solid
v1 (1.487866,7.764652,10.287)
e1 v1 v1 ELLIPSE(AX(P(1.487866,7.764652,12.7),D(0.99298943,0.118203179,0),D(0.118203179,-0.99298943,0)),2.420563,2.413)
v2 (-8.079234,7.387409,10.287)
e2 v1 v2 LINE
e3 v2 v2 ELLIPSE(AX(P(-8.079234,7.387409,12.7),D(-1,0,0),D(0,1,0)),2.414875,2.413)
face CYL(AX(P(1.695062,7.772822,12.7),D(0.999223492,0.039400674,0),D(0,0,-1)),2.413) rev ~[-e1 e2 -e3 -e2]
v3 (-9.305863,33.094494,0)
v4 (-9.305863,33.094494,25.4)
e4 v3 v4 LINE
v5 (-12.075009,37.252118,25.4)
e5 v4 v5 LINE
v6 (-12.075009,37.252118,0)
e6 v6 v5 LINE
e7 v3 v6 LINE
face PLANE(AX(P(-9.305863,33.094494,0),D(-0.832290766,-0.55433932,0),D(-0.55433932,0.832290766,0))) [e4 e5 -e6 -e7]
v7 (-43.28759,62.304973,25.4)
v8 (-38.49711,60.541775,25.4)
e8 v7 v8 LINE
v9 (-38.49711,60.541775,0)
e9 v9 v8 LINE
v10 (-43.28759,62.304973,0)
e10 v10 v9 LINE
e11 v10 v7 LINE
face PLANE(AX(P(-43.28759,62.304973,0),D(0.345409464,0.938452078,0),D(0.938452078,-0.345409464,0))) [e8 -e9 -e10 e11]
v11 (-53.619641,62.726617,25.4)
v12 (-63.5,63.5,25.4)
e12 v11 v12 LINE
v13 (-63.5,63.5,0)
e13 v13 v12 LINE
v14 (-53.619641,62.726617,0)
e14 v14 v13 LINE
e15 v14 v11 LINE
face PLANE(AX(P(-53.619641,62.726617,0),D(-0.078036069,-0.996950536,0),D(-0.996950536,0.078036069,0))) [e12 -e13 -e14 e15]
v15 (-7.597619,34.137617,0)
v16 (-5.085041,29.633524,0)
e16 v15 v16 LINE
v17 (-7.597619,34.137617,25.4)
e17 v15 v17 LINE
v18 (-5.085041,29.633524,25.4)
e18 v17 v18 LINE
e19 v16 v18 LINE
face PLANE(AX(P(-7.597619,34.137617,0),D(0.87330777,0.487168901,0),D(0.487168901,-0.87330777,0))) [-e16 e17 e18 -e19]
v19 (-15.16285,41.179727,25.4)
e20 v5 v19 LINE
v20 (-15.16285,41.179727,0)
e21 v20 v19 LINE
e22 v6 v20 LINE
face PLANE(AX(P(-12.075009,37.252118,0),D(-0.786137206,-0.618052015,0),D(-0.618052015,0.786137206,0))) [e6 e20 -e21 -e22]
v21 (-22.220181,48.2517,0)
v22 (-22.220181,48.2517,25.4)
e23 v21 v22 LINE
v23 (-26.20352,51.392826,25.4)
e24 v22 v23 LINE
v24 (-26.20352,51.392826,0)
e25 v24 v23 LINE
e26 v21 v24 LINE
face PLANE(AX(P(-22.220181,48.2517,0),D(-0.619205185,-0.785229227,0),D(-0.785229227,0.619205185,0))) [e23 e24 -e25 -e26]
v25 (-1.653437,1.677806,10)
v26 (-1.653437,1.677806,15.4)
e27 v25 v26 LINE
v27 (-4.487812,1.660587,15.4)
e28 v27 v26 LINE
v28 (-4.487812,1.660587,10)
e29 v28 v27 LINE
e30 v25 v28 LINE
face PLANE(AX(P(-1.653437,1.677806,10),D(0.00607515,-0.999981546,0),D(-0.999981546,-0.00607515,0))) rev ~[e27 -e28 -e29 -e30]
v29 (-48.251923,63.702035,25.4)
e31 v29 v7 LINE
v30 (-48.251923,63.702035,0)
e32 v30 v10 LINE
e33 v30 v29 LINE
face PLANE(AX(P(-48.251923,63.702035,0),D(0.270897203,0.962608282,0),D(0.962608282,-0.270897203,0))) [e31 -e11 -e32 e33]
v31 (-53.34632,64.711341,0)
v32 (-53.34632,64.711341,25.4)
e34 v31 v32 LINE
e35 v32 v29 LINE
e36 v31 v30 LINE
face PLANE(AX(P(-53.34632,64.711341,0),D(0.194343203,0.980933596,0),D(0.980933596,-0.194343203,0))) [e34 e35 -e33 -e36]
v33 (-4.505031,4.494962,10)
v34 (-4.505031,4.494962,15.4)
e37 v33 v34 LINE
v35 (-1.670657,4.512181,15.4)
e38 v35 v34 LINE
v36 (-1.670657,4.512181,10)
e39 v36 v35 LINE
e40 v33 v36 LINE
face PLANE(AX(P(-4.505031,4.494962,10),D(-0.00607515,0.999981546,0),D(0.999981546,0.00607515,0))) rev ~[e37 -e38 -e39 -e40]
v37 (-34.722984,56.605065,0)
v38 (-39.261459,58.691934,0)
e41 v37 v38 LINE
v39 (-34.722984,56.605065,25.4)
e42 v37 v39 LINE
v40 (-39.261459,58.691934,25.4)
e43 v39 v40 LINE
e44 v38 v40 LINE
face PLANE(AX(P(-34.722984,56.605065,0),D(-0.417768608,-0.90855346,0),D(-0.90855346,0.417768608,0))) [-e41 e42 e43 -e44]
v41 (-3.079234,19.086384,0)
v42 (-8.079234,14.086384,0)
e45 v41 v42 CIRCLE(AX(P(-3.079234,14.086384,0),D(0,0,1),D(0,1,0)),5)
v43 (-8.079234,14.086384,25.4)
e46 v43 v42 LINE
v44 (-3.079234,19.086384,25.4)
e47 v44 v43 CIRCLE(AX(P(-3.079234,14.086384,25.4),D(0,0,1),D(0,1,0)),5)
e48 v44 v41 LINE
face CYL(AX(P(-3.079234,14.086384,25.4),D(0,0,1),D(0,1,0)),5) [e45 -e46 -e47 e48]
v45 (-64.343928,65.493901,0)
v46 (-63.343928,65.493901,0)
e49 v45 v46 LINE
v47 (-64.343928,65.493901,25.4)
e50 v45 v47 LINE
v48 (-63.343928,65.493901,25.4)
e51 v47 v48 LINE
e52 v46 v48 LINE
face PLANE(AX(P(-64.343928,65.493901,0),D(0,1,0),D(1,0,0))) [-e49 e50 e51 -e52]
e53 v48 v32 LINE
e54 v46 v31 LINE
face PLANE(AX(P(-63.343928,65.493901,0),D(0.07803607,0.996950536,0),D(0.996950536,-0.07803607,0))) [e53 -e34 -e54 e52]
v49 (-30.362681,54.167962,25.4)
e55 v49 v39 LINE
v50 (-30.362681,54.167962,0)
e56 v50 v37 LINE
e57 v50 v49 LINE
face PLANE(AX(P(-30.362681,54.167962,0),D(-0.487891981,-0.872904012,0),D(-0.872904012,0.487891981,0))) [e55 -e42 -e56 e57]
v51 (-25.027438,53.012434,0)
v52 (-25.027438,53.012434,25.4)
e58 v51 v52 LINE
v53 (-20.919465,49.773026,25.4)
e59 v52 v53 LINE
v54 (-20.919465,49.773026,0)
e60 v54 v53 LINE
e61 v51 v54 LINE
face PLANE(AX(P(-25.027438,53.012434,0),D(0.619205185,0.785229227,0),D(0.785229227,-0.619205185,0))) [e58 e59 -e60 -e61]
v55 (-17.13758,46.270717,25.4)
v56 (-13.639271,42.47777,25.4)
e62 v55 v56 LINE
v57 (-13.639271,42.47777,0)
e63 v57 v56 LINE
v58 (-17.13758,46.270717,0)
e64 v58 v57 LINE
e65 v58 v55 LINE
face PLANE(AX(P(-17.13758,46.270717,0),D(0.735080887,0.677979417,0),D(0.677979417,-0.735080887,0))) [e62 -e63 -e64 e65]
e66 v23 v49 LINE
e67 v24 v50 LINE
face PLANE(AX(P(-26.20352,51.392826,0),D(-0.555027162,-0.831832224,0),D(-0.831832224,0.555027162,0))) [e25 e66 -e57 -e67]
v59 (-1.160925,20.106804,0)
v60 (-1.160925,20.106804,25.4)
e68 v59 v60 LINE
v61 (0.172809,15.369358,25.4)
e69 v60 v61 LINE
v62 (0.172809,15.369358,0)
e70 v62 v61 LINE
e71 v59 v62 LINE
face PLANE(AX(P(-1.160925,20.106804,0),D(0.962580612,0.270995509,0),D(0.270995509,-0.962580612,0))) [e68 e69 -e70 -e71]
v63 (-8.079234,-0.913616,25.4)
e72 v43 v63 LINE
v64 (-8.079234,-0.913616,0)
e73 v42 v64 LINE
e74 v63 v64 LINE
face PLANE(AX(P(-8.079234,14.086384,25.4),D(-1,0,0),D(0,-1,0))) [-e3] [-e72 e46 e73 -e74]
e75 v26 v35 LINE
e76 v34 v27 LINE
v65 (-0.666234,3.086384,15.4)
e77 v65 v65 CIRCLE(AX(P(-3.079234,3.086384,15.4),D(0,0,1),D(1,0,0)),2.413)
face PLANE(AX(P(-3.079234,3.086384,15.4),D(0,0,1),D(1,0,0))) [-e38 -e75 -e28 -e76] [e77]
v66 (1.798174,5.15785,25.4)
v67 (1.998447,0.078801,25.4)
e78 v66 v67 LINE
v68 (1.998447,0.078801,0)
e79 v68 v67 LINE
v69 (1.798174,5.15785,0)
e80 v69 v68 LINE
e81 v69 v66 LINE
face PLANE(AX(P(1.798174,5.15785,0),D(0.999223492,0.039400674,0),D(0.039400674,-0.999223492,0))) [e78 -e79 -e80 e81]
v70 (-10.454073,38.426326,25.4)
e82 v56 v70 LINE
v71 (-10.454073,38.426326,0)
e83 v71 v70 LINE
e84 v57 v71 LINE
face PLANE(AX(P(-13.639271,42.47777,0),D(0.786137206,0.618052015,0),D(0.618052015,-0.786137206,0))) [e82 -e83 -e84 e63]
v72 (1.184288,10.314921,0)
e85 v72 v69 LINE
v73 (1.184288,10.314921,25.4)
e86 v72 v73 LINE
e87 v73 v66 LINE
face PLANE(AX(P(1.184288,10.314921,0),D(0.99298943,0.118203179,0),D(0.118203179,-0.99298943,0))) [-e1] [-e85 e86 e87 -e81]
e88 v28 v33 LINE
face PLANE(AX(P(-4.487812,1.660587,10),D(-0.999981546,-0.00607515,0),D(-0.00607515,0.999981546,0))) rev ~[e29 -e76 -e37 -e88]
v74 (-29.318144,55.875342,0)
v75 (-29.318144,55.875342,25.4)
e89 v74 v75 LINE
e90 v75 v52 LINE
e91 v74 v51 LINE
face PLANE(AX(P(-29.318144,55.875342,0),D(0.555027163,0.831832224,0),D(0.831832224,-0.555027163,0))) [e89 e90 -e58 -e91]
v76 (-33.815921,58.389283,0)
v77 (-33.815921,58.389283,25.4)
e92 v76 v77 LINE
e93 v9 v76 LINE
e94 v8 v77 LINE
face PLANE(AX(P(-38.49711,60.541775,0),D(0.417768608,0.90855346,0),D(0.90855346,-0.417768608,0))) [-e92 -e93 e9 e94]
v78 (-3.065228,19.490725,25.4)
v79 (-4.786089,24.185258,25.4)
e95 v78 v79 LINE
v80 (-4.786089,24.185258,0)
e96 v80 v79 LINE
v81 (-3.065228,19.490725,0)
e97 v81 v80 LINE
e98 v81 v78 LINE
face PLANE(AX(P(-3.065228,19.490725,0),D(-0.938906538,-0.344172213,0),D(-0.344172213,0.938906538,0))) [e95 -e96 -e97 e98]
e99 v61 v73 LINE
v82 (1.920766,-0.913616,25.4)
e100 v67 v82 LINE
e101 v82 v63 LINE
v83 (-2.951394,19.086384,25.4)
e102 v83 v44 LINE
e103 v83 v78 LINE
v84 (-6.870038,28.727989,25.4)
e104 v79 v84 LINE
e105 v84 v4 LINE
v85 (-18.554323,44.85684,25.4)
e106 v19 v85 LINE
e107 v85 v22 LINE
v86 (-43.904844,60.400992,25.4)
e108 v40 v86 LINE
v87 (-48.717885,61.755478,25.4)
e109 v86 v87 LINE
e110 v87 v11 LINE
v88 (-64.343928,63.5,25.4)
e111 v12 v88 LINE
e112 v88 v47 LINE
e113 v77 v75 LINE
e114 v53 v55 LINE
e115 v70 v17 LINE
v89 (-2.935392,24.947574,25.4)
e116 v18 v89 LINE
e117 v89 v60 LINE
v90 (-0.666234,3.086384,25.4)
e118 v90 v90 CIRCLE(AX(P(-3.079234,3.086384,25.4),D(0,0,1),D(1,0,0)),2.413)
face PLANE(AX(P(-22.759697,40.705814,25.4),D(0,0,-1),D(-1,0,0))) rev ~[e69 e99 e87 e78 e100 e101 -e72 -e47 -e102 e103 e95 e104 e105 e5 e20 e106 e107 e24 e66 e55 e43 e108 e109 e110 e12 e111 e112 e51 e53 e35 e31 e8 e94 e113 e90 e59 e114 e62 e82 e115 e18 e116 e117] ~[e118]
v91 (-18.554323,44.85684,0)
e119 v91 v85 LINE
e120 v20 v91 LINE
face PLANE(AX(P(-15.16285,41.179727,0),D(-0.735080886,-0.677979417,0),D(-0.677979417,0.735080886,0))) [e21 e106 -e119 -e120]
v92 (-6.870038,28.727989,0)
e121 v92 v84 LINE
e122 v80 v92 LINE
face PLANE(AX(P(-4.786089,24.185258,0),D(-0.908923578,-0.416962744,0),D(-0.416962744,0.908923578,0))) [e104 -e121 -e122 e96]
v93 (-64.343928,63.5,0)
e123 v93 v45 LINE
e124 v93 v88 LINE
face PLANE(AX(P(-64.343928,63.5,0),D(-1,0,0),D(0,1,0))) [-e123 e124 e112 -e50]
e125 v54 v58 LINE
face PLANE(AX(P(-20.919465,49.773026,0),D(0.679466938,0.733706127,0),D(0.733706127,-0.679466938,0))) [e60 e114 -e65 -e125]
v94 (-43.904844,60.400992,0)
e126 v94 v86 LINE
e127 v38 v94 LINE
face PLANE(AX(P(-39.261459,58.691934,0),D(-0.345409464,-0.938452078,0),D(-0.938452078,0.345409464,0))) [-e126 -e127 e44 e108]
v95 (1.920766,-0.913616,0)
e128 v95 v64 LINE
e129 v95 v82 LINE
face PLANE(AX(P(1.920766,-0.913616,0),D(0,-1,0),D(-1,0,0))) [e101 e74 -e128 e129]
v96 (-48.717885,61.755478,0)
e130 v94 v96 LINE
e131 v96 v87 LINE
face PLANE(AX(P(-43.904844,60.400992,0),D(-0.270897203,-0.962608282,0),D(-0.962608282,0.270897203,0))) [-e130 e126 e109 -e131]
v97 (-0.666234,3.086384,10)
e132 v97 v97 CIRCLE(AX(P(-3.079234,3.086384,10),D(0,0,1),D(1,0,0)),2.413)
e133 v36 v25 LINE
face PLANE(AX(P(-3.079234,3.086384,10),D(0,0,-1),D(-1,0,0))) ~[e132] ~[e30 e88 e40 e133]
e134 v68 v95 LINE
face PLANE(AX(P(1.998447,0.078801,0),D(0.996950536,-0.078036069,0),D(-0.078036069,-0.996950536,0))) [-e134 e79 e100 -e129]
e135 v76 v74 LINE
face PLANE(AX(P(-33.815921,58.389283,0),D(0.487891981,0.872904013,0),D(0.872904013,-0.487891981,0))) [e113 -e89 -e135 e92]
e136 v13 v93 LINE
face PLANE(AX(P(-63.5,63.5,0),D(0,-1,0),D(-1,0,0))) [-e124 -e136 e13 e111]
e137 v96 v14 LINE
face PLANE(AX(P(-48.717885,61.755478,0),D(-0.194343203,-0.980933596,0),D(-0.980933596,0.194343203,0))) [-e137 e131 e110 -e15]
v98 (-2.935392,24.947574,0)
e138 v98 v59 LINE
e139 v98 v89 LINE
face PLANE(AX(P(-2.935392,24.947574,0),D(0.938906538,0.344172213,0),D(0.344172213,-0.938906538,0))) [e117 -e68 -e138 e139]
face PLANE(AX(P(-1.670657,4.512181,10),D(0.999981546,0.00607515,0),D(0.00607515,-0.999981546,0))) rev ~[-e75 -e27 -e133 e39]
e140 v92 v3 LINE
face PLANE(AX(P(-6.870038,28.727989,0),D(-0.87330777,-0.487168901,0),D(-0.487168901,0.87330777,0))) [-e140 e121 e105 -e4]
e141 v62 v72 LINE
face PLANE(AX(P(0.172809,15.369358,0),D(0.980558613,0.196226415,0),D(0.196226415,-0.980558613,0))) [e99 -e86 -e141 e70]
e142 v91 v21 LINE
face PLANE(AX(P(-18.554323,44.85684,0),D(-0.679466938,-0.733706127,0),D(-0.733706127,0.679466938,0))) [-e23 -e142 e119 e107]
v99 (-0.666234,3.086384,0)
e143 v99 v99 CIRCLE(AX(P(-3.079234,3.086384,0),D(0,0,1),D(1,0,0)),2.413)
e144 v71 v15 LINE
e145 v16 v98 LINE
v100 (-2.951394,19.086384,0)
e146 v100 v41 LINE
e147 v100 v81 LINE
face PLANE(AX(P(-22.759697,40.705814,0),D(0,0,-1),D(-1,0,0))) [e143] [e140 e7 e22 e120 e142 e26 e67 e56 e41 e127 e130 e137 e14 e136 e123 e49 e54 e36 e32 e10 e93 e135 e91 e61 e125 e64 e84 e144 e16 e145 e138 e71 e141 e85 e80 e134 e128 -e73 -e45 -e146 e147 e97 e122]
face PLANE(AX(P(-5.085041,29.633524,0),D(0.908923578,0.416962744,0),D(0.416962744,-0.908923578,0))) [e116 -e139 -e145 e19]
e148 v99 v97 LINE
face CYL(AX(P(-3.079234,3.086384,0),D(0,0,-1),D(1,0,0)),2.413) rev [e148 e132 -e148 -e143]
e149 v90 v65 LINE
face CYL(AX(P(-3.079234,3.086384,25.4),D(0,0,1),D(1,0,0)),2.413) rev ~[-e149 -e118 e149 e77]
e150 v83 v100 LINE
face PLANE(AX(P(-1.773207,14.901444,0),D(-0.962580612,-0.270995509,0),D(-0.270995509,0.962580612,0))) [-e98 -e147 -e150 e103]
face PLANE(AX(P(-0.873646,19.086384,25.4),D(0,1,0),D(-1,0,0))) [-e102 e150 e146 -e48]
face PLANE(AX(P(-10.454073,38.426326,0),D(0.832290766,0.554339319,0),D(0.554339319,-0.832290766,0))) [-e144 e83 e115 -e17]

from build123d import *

# Parameters (mm, degrees)
BOSS_EXTRUDE1_DEPTH = 25.4
BOSS_EXTRUDE4_DEPTH = 25.4
SKETCH11_R          = 2.413
CUT_EXTRUDE5_DEPTH  = 10
SKETCH12_R          = 2.413
CUT_EXTRUDE6_DEPTH  = 67.32996137
CUT_EXTRUDE7_DEPTH  = 16.4


with BuildPart() as part:
    # Sketch2 → Boss-Extrude1 (new body)
    with BuildSketch(Plane.XY):
        Polygon((0, 0), (-0.197156462, 5), (-0.792344965, 10), (-1.773207125, 14.901444272), (-3.065228232, 19.490725009), (-4.786089298, 24.185257701), (-6.870037676, 28.727989265), (-9.305862968, 33.094493671), (-12.075009115, 37.252118227), (-15.162850216, 41.179727425), (-18.554323068, 44.856840338), (-22.220180921, 48.251699833), (-26.203519544, 51.392825818), (-30.362680664, 54.16796163), (-34.722984466, 56.605064941), (-39.261459458, 58.691934304), (-43.904843636, 60.400992103), (-48.717885048, 61.755478118), (-53.619641135, 62.726617227), (-63.5, 63.5), (-64.343927861, 63.5), (-64.343927861, 65.493901073), (-63.343927861, 65.493901073), (-53.346320006, 64.711340662), (-48.251922828, 63.702035375), (-43.287590163, 62.304972979), (-38.497110063, 60.541774617), (-33.81592061, 58.389282674), (-29.318144049, 55.875341756), (-25.027437614, 53.01243437), (-20.919464687, 49.773025992), (-17.137579866, 46.270716817), (-13.639271322, 42.477770187), (-10.454072963, 38.42632649), (-7.597619105, 34.137617236), (-5.085040747, 29.633523897), (-2.935391785, 24.947573759), (-1.160924955, 20.106803802), (0.172809103, 15.369357963), (1.184287688, 10.31492104), (1.798173514, 5.157850442), (1.998446984, 0.078801347), (1.920765751, -0.913615973), (0, -0.913615973), align=None)
    extrude(amount=BOSS_EXTRUDE1_DEPTH)

    # Sketch10 → Boss-Extrude4 (add, through all)
    with BuildSketch(Plane.XY.offset(25.4)):
        with BuildLine():
            Line((1.920765751, -0.913615973), (1.998446984, 0.078801347))
            Line((1.998446984, 0.078801347), (1.798173514, 5.157850442))
            Line((1.798173514, 5.157850442), (0.172809103, 15.369357963))
            Line((0.172809103, 15.369357963), (-0.873645975, 19.086384027))
            Line((-0.873645975, 19.086384027), (-3.079234249, 19.086384027))
            ThreePointArc((-3.079234249, 19.086384027), (-6.614768155, 17.621917933), (-8.079234249, 14.086384027))
            Line((-8.079234249, 14.086384027), (-8.079234249, -0.913615973))
            Line((-8.079234249, -0.913615973), (1.920765751, -0.913615973))
        make_face()
    extrude(amount=-BOSS_EXTRUDE4_DEPTH)

    # Sketch11 → Cut-Extrude5 (cut)
    with BuildSketch(Plane.XY.offset(25.4)):
        with Locations((-3.079234249, 3.086384027)):
            Circle(SKETCH11_R)
    cut_extrude5 = extrude(amount=-CUT_EXTRUDE5_DEPTH, mode=Mode.SUBTRACT)

    # Sketch12 → Cut-Extrude6 (cut, through all)
    with BuildSketch(Plane(origin=(1.998446984, 0.078801347, 0), x_dir=(0, 0, -1), z_dir=(0.999223492, 0.039400674, 0))):
        with Locations((-12.7, 7.7)):
            Circle(SKETCH12_R)
    extrude(amount=-CUT_EXTRUDE6_DEPTH, mode=Mode.SUBTRACT)

    # Mirror3: Cut-Extrude5 across plane
    add(cut_extrude5.mirror(Plane(origin=(0, 0, 12.7), x_dir=(1, 0, 0), z_dir=(0, 0, -1))), mode=Mode.SUBTRACT)

    # Sketch15 → Cut-Extrude7 (cut, through all)
    with BuildSketch(Plane(origin=(0, 0, 10), x_dir=(-1, 0, 0), z_dir=(0, 0, -1))):
        Polygon((4.48781187, 1.660586836), (4.50503144, 4.494961648), (1.670656628, 4.512181219), (1.653437058, 1.677806407), align=None)
    extrude(amount=-CUT_EXTRUDE7_DEPTH, mode=Mode.SUBTRACT)


solid = part.part
